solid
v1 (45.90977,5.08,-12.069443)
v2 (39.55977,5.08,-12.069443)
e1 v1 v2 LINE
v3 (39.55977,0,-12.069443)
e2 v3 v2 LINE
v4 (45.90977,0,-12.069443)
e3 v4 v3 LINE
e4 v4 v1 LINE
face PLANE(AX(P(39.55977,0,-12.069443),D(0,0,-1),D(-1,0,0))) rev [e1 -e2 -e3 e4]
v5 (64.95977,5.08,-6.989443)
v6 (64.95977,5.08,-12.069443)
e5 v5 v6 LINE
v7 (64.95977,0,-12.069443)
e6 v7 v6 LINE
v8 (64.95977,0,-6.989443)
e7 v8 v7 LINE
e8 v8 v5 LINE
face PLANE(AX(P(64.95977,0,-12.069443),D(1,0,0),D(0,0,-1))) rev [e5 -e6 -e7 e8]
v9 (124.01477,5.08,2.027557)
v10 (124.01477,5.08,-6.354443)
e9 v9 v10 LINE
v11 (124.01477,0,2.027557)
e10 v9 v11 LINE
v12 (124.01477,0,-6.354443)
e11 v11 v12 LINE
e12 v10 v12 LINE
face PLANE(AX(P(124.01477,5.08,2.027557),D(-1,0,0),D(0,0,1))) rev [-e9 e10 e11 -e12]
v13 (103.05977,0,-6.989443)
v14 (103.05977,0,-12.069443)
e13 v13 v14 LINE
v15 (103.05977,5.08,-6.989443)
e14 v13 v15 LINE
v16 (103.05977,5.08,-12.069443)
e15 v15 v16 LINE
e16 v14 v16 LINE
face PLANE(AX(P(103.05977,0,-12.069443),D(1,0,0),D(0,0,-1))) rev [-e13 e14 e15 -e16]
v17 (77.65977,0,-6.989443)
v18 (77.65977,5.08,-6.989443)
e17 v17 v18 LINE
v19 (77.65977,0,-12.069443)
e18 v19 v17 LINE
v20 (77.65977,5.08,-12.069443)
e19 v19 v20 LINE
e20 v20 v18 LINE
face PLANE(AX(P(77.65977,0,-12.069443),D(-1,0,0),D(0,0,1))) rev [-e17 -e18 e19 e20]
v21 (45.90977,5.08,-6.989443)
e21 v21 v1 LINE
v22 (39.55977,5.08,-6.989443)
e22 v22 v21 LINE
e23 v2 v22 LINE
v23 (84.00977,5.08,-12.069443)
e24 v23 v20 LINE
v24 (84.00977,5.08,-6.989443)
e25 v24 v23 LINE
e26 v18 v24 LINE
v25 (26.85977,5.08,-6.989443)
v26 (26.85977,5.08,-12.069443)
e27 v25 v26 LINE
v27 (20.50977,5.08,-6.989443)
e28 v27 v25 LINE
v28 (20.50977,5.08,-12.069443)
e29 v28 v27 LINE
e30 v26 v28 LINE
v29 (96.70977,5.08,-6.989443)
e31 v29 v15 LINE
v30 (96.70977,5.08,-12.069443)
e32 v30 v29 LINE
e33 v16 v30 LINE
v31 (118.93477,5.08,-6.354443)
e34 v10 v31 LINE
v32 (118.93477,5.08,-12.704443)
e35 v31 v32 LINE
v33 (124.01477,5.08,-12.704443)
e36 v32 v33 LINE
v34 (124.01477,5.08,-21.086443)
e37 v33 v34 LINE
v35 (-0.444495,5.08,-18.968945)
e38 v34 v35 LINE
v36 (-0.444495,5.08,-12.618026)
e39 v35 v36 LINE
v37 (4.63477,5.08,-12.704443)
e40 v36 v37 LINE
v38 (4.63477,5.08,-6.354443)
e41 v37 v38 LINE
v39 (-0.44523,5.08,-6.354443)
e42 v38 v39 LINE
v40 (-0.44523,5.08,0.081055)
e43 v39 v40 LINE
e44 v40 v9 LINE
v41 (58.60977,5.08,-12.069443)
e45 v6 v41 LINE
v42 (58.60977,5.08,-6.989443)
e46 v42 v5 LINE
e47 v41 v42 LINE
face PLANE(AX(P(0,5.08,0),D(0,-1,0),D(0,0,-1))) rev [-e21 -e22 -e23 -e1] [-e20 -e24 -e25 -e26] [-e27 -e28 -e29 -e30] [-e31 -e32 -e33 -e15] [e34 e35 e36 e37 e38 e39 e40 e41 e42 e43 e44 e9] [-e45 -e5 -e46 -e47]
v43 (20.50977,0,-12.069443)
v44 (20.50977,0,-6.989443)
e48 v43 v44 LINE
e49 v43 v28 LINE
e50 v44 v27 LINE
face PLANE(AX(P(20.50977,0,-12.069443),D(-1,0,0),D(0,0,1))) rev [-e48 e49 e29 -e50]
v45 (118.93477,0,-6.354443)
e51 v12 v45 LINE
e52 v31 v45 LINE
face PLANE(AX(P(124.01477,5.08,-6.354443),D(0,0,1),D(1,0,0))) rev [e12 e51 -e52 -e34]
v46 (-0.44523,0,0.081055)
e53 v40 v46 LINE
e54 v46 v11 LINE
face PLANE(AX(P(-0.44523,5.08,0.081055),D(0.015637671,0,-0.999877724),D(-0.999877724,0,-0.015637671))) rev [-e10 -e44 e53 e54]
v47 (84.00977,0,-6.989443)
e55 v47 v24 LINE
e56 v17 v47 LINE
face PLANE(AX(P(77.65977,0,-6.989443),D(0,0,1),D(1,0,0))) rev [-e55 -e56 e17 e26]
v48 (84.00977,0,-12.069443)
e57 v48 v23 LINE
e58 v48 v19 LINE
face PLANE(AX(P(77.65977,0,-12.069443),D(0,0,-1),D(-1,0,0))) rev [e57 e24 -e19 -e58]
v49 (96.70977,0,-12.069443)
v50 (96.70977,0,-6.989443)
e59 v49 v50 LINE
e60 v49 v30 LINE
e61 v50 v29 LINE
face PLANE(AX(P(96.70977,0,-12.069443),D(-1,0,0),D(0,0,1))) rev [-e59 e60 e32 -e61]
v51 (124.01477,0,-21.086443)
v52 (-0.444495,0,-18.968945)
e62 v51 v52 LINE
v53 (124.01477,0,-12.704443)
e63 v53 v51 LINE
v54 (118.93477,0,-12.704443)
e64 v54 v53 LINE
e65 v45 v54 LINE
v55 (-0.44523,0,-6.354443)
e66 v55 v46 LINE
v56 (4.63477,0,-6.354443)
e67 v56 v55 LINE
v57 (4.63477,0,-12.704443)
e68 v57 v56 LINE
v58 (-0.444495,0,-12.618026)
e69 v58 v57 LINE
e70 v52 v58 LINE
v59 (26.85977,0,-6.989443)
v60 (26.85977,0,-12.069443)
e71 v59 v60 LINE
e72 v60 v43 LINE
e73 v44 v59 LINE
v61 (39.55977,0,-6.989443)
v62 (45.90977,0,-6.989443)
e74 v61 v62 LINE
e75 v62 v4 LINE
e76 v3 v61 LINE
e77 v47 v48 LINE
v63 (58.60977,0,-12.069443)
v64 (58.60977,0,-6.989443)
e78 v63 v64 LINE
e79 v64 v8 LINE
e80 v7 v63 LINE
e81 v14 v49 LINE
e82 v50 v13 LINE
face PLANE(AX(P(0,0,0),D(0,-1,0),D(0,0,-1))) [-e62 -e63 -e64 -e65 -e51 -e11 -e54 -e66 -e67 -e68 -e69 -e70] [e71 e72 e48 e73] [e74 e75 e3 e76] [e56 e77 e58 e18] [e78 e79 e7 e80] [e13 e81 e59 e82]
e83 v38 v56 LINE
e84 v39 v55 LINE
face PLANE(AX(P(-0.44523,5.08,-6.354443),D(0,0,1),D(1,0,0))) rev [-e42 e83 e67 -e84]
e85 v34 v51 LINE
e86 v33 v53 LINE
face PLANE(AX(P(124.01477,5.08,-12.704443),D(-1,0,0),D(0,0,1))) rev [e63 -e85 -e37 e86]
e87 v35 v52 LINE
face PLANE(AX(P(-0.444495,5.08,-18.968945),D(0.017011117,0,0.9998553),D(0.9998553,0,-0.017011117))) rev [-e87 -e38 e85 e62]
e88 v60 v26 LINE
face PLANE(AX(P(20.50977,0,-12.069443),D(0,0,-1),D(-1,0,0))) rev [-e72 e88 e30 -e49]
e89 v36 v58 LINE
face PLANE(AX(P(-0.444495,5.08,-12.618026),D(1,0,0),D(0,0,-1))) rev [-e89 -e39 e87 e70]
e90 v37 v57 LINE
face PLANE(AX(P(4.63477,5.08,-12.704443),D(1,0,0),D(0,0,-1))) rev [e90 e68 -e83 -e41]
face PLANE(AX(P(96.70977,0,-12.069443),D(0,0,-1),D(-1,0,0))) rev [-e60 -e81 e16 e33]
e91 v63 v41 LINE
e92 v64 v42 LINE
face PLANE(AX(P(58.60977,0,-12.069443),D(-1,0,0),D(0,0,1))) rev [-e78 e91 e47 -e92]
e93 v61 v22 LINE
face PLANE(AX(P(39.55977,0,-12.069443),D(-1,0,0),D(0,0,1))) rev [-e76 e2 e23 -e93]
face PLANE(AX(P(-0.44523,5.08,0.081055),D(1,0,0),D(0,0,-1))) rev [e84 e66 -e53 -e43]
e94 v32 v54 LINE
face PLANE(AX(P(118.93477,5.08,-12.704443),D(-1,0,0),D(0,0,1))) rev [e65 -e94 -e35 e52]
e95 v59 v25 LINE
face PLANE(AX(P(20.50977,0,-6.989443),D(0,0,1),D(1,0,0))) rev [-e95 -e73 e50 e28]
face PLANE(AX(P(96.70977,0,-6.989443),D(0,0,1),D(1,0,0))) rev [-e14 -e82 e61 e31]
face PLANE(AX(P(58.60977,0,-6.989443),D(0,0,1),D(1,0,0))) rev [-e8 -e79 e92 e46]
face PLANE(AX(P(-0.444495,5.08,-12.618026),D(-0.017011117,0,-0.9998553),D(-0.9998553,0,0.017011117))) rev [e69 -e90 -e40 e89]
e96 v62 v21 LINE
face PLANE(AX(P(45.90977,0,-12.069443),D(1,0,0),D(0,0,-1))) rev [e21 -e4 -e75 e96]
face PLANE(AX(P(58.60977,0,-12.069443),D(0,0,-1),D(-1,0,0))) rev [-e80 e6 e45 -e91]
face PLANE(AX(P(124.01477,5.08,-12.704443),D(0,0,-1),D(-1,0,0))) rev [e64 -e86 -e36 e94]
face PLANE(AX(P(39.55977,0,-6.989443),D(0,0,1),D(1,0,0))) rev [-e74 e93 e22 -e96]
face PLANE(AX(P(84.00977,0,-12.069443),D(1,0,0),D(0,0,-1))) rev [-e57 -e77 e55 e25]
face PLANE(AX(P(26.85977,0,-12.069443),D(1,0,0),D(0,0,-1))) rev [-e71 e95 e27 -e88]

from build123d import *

# Parameters (mm, degrees)
BOSS_EXTRUDE1_DEPTH = 5.08
SKETCH2_W           = 6.35
SKETCH2_H           = 5.08
CUT_EXTRUDE1_DEPTH  = 6.08
LPATTERN1_COUNT     = 5
LPATTERN1_PITCH     = 19.05


with BuildPart() as part:
    # Sketch1 → Boss-Extrude1 (new body)
    with BuildSketch(Plane(origin=(0, 0, 0), x_dir=(1, 0, 0), z_dir=(0, 1, 0))):
        Polygon((-0.444494962, 12.618026496), (-0.444494962, 18.96894547), (124.014769965, 21.086442969), (124.014769965, 12.704442969), (118.934769965, 12.704442969), (118.934769965, 6.354442969), (124.014769965, 6.354442969), (124.014769965, -2.027557031), (-0.445230035, -0.081054515), (-0.445230035, 6.354442969), (4.634769965, 6.354442969), (4.634769965, 12.704442969), align=None)
    extrude(amount=BOSS_EXTRUDE1_DEPTH)

    # Sketch2 → Cut-Extrude1 (cut, through all)
    with BuildSketch(Plane(origin=(0, 5.08, 0), x_dir=(1, 0, 0), z_dir=(0, 1, 0))):
        with Locations((23.684769965, 9.529442969)):
            Rectangle(SKETCH2_W, SKETCH2_H)
    cut_extrude1 = extrude(amount=-CUT_EXTRUDE1_DEPTH, mode=Mode.SUBTRACT)

    # LPattern1: Cut-Extrude1 ×5
    with Locations(*[(i * LPATTERN1_PITCH, 0, 0) for i in range(1, LPATTERN1_COUNT)]):
        add(cut_extrude1, mode=Mode.SUBTRACT)


solid = part.part
